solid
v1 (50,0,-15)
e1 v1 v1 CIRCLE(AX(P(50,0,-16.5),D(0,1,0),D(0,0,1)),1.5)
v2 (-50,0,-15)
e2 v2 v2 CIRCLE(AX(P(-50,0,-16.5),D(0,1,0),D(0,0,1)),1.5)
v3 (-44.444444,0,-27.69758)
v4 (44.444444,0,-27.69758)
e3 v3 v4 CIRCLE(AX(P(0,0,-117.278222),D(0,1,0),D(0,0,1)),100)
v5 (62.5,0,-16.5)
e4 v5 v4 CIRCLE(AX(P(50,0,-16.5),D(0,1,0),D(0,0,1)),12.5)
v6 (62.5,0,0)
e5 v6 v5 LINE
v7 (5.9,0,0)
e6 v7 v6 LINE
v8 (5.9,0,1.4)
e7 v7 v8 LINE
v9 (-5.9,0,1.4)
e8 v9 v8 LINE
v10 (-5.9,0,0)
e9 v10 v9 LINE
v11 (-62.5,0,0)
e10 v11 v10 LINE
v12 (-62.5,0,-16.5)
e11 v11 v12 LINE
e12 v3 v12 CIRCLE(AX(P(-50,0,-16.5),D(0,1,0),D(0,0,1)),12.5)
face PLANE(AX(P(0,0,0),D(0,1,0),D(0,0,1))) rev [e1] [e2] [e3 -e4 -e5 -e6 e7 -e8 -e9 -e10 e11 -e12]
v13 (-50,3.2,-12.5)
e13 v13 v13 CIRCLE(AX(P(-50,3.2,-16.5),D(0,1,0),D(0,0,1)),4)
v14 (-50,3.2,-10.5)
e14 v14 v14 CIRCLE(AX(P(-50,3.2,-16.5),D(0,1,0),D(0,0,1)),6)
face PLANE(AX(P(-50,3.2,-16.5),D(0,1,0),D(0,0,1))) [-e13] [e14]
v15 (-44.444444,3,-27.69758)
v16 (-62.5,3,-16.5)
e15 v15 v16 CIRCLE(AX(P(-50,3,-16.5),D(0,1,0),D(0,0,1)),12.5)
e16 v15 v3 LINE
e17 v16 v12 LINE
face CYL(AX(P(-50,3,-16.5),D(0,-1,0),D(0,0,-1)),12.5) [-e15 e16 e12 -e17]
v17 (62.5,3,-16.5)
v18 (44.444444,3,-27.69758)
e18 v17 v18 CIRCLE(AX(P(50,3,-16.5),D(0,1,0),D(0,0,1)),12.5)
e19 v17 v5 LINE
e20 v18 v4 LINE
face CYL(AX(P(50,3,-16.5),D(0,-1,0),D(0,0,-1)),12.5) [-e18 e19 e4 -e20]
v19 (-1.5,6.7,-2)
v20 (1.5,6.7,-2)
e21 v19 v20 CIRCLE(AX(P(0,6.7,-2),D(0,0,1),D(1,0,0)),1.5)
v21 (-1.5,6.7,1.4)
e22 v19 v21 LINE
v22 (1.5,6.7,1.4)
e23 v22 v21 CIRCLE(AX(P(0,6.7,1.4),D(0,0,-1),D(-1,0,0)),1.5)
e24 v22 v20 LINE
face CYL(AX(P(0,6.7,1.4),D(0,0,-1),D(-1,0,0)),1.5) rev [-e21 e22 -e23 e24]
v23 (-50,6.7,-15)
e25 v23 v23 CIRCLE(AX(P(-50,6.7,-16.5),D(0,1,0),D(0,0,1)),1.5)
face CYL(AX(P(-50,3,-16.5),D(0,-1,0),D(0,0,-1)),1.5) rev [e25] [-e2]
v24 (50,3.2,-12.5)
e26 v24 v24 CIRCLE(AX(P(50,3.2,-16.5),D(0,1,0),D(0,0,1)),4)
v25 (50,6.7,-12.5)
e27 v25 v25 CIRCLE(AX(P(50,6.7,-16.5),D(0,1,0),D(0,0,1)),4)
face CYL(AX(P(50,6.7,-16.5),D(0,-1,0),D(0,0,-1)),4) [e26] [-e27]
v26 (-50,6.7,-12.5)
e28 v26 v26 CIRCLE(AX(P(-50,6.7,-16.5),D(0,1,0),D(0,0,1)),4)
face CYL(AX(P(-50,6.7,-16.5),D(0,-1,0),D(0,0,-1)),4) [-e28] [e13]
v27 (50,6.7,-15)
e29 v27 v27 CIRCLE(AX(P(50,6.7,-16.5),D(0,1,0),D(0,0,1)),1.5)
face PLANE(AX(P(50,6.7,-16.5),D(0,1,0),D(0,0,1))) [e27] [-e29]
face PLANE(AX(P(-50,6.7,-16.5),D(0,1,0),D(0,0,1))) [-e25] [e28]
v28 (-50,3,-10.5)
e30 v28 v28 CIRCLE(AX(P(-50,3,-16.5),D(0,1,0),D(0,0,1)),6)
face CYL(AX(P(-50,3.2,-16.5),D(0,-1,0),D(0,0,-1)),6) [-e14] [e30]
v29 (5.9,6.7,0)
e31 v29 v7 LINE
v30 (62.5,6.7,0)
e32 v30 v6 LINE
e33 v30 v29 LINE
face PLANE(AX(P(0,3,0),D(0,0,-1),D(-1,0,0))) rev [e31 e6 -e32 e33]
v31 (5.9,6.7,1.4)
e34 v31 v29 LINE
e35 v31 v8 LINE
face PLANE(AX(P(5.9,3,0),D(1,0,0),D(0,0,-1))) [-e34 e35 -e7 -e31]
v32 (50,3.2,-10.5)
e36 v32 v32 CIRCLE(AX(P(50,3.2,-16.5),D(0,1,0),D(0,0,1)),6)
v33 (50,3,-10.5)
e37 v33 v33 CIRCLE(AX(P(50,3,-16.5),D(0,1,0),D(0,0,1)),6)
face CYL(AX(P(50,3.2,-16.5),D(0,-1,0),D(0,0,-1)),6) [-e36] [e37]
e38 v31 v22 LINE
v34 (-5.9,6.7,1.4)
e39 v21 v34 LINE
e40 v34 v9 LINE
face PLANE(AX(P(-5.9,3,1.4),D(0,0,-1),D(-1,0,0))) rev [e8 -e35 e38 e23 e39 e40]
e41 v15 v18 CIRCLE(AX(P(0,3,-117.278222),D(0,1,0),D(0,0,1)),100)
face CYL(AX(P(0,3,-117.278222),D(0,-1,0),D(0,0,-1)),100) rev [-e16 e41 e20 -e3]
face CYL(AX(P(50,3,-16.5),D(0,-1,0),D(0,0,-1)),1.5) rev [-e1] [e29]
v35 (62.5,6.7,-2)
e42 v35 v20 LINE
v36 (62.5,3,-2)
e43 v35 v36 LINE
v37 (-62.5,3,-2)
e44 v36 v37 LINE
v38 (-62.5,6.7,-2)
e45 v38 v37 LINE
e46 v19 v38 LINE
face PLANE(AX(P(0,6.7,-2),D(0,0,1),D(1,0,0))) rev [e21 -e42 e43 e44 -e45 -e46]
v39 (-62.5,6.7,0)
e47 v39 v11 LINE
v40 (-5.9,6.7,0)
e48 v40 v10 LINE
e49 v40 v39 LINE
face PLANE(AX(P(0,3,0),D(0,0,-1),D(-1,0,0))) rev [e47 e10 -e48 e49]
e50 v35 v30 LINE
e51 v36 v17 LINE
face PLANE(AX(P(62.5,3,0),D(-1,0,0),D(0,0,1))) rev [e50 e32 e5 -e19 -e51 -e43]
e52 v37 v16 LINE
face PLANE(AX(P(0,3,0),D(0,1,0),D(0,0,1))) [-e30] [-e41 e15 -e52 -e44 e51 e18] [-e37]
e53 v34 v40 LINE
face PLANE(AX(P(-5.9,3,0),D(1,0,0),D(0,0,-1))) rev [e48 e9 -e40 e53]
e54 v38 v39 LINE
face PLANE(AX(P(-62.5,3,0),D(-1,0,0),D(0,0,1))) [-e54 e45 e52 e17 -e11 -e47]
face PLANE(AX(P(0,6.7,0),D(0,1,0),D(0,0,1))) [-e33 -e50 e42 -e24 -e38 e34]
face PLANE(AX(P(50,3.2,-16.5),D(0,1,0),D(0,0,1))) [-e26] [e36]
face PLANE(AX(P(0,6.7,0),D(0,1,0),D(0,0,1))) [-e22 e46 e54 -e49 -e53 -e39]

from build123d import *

# Parameters (mm, degrees)
SKETCH1_R           = 1.5
BOSS_EXTRUDE1_DEPTH = 3
BOSS_EXTRUDE2_START = 3
SKETCH1_3_W         = 11.8
SKETCH1_3_H         = 1.4
SKETCH1_3_W_2       = 125
SKETCH1_3_H_2       = 2
BOSS_EXTRUDE2_DEPTH = 3.7
SKETCH2_R           = 1.5
CUT_EXTRUDE1_DEPTH  = 69.411548733
SKETCH3_R           = 6
SKETCH3_R_2         = 1.5
BOSS_EXTRUDE3_DEPTH = 0.2


with BuildPart() as part:
    # Sketch1 → Boss-Extrude1 (new body)
    with BuildSketch(Plane(origin=(0, 0, 0), x_dir=(1, 0, 0), z_dir=(0, 1, 0))):
        with BuildLine():
            Line((-62.5, 0), (-5.9, 0))
            Line((-5.9, 0), (-5.9, -1.4))
            Line((-5.9, -1.4), (5.9, -1.4))
            Line((5.9, -1.4), (5.9, 0))
            Line((5.9, 0), (62.5, 0))
            Line((62.5, 0), (62.5, 16.5))
            ThreePointArc((62.5, 16.5), (56.588078143, 27.122957516), (44.444443779, 27.697579876))
            ThreePointArc((44.444443779, 27.697579876), (-1.61e-07, 17.278221854), (-44.444444068, 27.697580019))
            ThreePointArc((-44.444444068, 27.697580019), (-56.58807828, 27.122957431), (-62.5, 16.5))
            Line((-62.5, 16.5), (-62.5, 0))
        make_face()
        with Locations(Location((50, 16.5, 0), (0, 0, 270))):
            Circle(SKETCH1_R, mode=Mode.SUBTRACT)
        with Locations(Location((-50, 16.5, 0), (0, 0, 270))):
            Circle(SKETCH1_R, mode=Mode.SUBTRACT)
    extrude(amount=BOSS_EXTRUDE1_DEPTH)

    # Sketch1<3> → Boss-Extrude2 (add)
    with BuildSketch(Plane(origin=(0, 0, 0), x_dir=(1, 0, 0), z_dir=(0, 1, 0)).offset(BOSS_EXTRUDE2_START)):
        with BuildLine():
            ThreePointArc((-46, 16.5), (-50, 20.5), (-54, 16.5))
            Line((-54, 16.5), (-51.5, 16.5))
            ThreePointArc((-51.5, 16.5), (-50, 18), (-48.5, 16.5))
            Line((-48.5, 16.5), (-46, 16.5))
        make_face()
        with BuildLine():
            Line((-51.5, 16.5), (-54, 16.5))
            ThreePointArc((-54, 16.5), (-50, 12.5), (-46, 16.5))
            Line((-46, 16.5), (-48.5, 16.5))
            ThreePointArc((-48.5, 16.5), (-50, 15), (-51.5, 16.5))
        make_face()
        with BuildLine():
            ThreePointArc((46, 16.5), (50, 12.5), (54, 16.5))
            Line((54, 16.5), (51.5, 16.5))
            ThreePointArc((51.5, 16.5), (50, 15), (48.5, 16.5))
            Line((48.5, 16.5), (46, 16.5))
        make_face()
        with BuildLine():
            Line((51.5, 16.5), (54, 16.5))
            ThreePointArc((54, 16.5), (50, 20.5), (46, 16.5))
            Line((46, 16.5), (48.5, 16.5))
            ThreePointArc((48.5, 16.5), (50, 18), (51.5, 16.5))
        make_face()
        with Locations((0, -0.7)):
            Rectangle(SKETCH1_3_W, SKETCH1_3_H)
        with Locations((0, 1)):
            Rectangle(SKETCH1_3_W_2, SKETCH1_3_H_2)
    extrude(amount=BOSS_EXTRUDE2_DEPTH)

    # Sketch2 → Cut-Extrude1 (cut, through all)
    with BuildSketch(Plane(origin=(0, 0, -2), x_dir=(-1, 0, 0), z_dir=(0, 0, -1))):
        with Locations((0, 6.7)):
            Circle(SKETCH2_R)
    extrude(amount=-CUT_EXTRUDE1_DEPTH, mode=Mode.SUBTRACT)

    # Sketch3 → Boss-Extrude3 (add)
    with BuildSketch(Plane(origin=(0, 3, 0), x_dir=(1, 0, 0), z_dir=(0, 1, 0))):
        with Locations(Location((-50, 16.5, 0), (0, 0, 270))):
            Circle(SKETCH3_R)
        with Locations(Location((-50, 16.5, 0), (0, 0, 270))):
            Circle(SKETCH3_R_2, mode=Mode.SUBTRACT)
        with Locations(Location((50, 16.5, 0), (0, 0, 270))):
            Circle(SKETCH3_R)
        with Locations(Location((50, 16.5, 0), (0, 0, 270))):
            Circle(SKETCH3_R_2, mode=Mode.SUBTRACT)
    extrude(amount=BOSS_EXTRUDE3_DEPTH)


solid = part.part
